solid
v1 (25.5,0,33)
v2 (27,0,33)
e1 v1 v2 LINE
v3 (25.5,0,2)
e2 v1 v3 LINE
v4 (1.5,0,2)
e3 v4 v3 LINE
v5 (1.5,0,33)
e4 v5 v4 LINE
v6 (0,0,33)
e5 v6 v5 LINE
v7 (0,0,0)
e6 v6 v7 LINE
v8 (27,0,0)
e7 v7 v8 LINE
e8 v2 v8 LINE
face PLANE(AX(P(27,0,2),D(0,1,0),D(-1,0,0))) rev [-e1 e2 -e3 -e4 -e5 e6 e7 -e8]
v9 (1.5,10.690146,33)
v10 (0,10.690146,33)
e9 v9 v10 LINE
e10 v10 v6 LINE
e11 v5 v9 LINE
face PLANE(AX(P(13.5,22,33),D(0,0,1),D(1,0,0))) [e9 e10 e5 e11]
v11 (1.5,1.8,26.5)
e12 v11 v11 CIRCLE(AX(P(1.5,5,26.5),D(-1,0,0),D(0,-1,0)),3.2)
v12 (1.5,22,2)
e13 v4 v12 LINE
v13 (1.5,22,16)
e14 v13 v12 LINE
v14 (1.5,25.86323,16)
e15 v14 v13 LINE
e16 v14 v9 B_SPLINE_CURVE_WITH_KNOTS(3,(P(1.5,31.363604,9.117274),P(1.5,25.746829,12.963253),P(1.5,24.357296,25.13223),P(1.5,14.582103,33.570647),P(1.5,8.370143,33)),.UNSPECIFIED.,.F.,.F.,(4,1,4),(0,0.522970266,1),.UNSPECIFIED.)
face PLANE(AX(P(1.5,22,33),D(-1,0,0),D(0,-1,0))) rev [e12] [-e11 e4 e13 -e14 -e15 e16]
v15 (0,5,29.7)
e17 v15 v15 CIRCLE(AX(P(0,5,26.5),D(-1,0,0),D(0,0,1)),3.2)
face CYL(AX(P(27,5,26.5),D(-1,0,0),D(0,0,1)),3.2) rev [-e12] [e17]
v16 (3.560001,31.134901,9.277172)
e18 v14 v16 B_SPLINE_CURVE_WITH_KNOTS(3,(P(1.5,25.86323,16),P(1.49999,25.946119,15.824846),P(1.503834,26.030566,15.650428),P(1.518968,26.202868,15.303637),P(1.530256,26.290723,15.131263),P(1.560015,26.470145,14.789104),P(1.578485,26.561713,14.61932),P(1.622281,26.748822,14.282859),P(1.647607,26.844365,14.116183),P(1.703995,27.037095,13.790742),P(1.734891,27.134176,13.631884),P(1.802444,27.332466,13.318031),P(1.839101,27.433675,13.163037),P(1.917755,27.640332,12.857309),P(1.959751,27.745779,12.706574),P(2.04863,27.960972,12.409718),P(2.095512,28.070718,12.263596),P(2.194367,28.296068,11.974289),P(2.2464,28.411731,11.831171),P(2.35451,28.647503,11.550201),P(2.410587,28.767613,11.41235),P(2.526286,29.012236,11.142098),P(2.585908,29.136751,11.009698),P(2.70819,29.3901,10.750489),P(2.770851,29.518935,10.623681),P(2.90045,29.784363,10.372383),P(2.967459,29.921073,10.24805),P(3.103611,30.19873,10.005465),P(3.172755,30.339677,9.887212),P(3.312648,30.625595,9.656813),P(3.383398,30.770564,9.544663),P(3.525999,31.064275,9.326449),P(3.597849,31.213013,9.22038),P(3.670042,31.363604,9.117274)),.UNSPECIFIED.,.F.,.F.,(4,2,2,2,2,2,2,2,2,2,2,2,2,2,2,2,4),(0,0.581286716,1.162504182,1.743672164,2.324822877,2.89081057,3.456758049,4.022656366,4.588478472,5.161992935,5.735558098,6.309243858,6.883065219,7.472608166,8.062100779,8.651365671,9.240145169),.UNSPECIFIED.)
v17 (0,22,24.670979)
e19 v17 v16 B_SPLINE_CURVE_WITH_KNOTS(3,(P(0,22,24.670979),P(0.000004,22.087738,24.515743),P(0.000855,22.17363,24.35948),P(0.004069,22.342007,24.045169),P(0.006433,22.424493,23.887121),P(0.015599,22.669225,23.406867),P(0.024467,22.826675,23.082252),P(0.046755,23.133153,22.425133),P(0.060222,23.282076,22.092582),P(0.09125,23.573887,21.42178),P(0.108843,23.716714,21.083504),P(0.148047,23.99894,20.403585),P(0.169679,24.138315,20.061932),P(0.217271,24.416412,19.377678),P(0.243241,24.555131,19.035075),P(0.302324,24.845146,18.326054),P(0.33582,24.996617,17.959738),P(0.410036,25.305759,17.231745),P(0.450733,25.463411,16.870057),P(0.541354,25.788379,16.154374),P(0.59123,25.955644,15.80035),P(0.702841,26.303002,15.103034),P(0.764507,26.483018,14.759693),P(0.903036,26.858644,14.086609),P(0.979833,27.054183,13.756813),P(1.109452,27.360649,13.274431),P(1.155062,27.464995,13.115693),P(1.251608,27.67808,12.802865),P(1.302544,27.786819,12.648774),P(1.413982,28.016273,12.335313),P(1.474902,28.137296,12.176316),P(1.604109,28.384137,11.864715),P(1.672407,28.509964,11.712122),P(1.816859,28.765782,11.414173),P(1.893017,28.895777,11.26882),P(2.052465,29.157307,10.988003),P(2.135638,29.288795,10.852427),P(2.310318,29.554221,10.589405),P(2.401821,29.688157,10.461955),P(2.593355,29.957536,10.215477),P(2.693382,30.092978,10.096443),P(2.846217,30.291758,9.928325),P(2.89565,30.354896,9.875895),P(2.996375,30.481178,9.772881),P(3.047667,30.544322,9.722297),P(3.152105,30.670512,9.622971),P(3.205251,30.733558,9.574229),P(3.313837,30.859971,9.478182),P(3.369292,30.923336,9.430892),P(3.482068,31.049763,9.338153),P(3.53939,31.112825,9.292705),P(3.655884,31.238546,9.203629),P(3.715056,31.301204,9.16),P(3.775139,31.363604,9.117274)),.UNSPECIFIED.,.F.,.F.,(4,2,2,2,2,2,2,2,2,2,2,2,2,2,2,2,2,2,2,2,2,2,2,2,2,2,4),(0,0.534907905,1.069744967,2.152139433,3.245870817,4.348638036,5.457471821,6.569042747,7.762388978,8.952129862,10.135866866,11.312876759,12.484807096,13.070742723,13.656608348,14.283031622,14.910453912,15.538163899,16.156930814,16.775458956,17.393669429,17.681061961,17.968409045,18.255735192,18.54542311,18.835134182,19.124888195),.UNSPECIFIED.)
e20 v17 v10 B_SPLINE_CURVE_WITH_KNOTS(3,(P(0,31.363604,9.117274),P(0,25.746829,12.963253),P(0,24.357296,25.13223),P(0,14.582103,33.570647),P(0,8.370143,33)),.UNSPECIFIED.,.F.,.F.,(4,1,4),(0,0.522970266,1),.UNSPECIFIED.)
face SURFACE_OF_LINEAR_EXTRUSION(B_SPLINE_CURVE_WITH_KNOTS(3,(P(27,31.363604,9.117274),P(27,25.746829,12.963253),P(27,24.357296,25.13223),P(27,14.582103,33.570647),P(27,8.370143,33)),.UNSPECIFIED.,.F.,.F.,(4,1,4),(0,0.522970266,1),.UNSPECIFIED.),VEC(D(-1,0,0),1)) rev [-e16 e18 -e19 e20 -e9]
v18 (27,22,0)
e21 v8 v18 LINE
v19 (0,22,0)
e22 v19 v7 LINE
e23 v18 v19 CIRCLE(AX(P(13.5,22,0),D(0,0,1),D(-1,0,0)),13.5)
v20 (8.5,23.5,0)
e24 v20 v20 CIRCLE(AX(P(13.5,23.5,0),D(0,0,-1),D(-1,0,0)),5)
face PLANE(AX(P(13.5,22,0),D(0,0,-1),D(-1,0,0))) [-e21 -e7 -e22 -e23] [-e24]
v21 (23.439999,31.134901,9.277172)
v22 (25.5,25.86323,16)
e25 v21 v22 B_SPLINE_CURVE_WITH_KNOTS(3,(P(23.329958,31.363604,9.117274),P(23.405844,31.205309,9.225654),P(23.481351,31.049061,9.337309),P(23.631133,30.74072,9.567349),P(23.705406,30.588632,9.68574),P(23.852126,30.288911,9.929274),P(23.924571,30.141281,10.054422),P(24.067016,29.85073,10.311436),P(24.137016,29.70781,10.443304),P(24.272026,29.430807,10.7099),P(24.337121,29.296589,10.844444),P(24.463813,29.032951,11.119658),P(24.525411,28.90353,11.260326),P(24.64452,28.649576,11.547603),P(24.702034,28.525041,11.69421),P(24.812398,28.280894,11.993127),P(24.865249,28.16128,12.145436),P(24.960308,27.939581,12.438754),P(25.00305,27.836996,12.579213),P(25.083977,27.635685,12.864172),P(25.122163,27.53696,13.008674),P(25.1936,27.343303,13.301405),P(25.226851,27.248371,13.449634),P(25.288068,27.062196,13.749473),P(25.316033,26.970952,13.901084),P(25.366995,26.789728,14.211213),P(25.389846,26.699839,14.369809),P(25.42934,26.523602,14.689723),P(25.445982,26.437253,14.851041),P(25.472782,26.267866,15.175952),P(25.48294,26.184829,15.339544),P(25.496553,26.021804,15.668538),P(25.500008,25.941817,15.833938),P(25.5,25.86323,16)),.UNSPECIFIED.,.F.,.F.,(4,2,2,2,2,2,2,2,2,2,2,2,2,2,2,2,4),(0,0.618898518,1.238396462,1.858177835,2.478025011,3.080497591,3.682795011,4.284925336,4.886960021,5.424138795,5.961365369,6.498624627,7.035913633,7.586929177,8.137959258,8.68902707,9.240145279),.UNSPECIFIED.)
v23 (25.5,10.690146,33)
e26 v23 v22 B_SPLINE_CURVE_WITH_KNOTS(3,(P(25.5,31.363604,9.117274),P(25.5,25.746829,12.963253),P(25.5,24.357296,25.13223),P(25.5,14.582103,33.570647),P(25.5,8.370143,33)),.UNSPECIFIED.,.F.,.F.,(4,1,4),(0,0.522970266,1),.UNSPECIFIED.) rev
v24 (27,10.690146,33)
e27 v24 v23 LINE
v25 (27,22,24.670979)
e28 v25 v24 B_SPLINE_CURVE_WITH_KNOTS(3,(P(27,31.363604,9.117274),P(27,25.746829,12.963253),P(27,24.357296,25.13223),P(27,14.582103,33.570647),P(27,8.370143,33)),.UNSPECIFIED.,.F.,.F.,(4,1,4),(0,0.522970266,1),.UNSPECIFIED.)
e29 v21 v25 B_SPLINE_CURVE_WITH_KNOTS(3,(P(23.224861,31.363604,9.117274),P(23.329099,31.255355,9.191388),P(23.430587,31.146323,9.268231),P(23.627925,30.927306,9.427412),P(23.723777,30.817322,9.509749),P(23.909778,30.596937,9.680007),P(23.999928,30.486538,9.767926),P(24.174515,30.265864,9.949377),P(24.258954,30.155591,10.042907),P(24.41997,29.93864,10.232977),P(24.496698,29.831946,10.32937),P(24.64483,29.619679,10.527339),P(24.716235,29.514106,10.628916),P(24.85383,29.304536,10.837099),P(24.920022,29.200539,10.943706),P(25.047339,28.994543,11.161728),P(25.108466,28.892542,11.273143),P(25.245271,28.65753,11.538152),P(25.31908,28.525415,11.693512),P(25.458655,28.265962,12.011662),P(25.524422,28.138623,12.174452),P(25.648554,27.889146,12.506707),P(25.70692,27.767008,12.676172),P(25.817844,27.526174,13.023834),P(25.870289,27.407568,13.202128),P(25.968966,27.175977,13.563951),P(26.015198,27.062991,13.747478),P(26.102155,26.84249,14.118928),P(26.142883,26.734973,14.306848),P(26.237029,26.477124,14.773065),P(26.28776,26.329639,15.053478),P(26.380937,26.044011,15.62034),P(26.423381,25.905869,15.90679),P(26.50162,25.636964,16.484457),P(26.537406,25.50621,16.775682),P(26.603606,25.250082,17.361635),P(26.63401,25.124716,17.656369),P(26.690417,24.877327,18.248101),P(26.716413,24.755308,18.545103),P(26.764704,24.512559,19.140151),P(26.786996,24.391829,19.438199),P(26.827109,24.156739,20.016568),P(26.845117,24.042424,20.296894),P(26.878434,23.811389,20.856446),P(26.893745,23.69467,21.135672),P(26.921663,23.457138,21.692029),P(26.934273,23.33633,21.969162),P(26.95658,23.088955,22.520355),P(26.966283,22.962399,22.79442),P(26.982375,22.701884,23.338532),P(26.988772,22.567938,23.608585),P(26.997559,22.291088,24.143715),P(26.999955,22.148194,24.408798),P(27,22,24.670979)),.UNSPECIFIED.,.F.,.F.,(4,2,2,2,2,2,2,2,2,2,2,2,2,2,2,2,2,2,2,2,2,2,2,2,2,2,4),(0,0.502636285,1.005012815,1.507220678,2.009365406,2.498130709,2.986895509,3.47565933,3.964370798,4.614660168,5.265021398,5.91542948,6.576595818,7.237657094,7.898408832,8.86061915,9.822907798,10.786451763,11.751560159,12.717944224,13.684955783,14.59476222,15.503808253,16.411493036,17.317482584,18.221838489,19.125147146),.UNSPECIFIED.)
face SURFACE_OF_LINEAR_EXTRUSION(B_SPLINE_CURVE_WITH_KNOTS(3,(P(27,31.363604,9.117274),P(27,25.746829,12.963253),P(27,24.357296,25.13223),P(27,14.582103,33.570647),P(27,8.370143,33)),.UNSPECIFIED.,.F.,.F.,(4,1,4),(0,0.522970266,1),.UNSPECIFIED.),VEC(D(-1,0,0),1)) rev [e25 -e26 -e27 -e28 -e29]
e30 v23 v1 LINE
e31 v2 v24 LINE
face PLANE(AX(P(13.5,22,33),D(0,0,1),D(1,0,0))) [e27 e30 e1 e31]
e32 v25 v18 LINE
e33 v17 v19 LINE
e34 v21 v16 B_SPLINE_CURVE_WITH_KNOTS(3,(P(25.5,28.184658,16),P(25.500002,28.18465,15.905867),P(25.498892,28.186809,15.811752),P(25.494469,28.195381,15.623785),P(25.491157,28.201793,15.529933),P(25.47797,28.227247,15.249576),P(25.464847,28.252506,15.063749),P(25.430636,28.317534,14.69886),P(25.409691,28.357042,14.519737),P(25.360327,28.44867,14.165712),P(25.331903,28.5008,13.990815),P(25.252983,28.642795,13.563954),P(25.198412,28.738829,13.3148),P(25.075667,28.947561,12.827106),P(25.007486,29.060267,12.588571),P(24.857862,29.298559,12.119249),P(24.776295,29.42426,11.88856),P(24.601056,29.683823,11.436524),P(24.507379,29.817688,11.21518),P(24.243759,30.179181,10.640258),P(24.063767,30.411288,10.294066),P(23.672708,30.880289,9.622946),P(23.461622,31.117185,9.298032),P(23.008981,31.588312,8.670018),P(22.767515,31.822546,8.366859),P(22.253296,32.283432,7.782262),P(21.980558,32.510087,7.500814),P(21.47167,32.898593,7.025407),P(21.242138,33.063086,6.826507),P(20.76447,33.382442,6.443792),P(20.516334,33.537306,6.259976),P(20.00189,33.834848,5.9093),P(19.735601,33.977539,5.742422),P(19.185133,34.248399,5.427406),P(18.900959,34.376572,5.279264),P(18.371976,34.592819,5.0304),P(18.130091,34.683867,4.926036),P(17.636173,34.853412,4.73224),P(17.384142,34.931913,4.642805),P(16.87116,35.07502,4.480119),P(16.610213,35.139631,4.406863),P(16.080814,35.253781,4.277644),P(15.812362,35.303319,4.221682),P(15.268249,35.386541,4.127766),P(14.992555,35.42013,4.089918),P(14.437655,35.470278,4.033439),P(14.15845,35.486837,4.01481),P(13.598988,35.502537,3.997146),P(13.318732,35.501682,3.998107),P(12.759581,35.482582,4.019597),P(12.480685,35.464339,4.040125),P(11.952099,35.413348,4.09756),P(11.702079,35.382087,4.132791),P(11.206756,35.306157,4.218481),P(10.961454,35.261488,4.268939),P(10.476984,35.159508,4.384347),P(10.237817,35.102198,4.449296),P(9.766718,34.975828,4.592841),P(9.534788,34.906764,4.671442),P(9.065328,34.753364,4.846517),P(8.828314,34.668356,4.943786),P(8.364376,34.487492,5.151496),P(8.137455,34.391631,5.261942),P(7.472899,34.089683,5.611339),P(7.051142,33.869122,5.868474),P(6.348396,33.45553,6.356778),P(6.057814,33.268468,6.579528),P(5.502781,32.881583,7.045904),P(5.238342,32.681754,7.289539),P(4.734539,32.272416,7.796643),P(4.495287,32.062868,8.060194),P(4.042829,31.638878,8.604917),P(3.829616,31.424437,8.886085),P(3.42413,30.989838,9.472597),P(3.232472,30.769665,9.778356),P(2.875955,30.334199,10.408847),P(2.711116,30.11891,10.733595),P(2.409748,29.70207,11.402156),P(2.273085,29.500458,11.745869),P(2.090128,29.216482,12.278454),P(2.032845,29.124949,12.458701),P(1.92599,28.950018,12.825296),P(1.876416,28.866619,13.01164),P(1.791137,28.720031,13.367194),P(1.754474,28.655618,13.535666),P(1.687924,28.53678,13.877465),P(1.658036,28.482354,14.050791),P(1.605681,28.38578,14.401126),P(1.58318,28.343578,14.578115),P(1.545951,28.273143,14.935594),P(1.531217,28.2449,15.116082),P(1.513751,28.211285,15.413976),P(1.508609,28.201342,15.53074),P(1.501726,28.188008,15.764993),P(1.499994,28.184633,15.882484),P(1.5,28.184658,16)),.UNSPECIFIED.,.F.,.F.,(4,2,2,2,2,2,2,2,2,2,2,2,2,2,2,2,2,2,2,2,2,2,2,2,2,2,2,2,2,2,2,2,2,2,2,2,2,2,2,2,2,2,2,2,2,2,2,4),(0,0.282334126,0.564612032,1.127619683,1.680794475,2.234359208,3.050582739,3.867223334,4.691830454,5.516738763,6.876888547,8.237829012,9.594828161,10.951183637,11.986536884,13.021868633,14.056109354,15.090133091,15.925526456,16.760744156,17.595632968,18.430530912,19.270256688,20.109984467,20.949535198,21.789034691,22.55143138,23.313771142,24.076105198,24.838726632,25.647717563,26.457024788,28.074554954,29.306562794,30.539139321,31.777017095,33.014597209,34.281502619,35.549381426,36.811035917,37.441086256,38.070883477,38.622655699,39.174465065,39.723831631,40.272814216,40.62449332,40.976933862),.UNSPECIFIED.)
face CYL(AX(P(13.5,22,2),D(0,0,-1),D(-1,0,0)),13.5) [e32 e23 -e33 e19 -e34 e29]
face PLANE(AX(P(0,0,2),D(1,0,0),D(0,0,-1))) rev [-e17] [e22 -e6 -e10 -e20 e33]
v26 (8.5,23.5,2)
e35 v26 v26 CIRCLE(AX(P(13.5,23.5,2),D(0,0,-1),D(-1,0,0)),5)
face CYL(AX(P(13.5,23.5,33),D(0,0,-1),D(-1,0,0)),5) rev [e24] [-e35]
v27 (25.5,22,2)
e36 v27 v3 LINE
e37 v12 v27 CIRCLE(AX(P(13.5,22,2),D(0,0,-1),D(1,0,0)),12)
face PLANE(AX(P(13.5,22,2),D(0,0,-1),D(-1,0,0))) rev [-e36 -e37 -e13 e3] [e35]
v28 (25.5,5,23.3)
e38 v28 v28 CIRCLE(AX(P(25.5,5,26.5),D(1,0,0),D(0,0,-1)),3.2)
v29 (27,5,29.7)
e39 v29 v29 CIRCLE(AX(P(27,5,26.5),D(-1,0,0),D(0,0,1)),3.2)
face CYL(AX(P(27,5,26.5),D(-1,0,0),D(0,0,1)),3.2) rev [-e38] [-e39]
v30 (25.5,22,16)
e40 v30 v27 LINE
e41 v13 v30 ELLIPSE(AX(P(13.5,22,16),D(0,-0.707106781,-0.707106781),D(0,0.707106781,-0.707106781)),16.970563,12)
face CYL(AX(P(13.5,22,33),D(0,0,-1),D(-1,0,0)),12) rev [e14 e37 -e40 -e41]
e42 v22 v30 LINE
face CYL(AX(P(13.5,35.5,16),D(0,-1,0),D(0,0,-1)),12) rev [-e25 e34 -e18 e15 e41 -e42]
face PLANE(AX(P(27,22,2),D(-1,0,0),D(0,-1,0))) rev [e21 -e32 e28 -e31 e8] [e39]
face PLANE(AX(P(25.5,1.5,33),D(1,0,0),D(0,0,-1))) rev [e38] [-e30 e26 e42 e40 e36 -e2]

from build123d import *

# Parameters (mm, degrees)
BOSS_EXTRUDE1_DEPTH = 2
BOSS_EXTRUDE2_DEPTH = 31
CUT_EXTRUDE1_DEPTH  = 56.481979056
CUT_EXTRUDE2_DEPTH  = 56.481979228
SKETCH5_R           = 3.2
CUT_EXTRUDE3_DEPTH  = 56.481979228
SKETCH6_R           = 5
CUT_EXTRUDE4_DEPTH  = 56.481979228


with BuildPart() as part:
    # Sketch1 → Boss-Extrude1 (new body)
    with BuildSketch(Plane.XY):
        with BuildLine():
            Line((0, 0), (0, 22))
            ThreePointArc((0, 22), (13.5, 35.5), (27, 22))
            Line((27, 22), (27, 0))
            Line((27, 0), (0, 0))
        make_face()
    extrude(amount=BOSS_EXTRUDE1_DEPTH)

    # Sketch2 → Boss-Extrude2 (add)
    with BuildSketch(Plane.XY.offset(2)):
        with BuildLine():
            Line((27, 0), (27, 22))
            ThreePointArc((27, 22), (13.5, 35.5), (0, 22))
            Line((0, 22), (0, 0))
            Line((0, 0), (1.5, 0))
            Line((1.5, 0), (1.5, 1.5))
            Line((1.5, 1.5), (1.5, 22))
            ThreePointArc((1.5, 22), (13.5, 34), (25.5, 22))
            Line((25.5, 22), (25.5, 1.5))
            Line((25.5, 1.5), (25.5, 0))
            Line((25.5, 0), (27, 0))
        make_face()
    extrude(amount=BOSS_EXTRUDE2_DEPTH)

    # Sketch3 → Cut-Extrude1 (cut, through all)
    with BuildSketch(Plane(origin=(0, 0, 0), x_dir=(1, 0, 0), z_dir=(0, 1, 0))):
        with BuildLine():
            Line((1.5, -33), (1.5, -16))
            ThreePointArc((1.5, -16), (13.5, -4), (25.5, -16))
            Line((25.5, -16), (25.5, -33))
            Line((25.5, -33), (1.5, -33))
        make_face()
    extrude(amount=CUT_EXTRUDE1_DEPTH, mode=Mode.SUBTRACT)

    # Sketch4 → Cut-Extrude2 (cut, through all)
    with BuildSketch(Plane.ZY):
        with BuildLine():
            Line((33, 31.363603565), (9.117273512, 31.363603565))
            add(Edge.make_bspline(
                [(9.117273512, 31.363603565), (12.96325336, 25.746828887), (19.327266499, 25.020144715), (24.670979231, 22)],
                knots=[0, 0, 0, 0, 0.522970266, 0.522970266, 0.522970266, 0.522970266], degree=3))
            Line((24.670979231, 22), (33, 22))
            Line((33, 22), (33, 31.363603565))
        make_face()
        with BuildLine():
            Line((33, 22), (24.670979231, 22))
            add(Edge.make_bspline(
                [(24.670979231, 22), (28.91814661, 19.599597741), (32.520787743, 15.750410887), (33, 10.690145811)],
                knots=[0.522970266, 0.522970266, 0.522970266, 0.522970266, 0.938625516, 0.938625516, 0.938625516, 0.938625516], degree=3))
            Line((33, 10.690145811), (33, 22))
        make_face()
    extrude(amount=-CUT_EXTRUDE2_DEPTH, mode=Mode.SUBTRACT)

    # Sketch5 → Cut-Extrude3 (cut, through all)
    with BuildSketch(Plane.ZY):
        with Locations((26.5, 5)):
            Circle(SKETCH5_R)
    extrude(amount=-CUT_EXTRUDE3_DEPTH, mode=Mode.SUBTRACT)

    # Sketch6 → Cut-Extrude4 (cut, through all)
    with BuildSketch(Plane(origin=(0, 0, 0), x_dir=(-1, 0, 0), z_dir=(0, 0, -1))):
        with Locations((-13.5, 23.5)):
            Circle(SKETCH6_R)
    extrude(amount=-CUT_EXTRUDE4_DEPTH, mode=Mode.SUBTRACT)


solid = part.part
